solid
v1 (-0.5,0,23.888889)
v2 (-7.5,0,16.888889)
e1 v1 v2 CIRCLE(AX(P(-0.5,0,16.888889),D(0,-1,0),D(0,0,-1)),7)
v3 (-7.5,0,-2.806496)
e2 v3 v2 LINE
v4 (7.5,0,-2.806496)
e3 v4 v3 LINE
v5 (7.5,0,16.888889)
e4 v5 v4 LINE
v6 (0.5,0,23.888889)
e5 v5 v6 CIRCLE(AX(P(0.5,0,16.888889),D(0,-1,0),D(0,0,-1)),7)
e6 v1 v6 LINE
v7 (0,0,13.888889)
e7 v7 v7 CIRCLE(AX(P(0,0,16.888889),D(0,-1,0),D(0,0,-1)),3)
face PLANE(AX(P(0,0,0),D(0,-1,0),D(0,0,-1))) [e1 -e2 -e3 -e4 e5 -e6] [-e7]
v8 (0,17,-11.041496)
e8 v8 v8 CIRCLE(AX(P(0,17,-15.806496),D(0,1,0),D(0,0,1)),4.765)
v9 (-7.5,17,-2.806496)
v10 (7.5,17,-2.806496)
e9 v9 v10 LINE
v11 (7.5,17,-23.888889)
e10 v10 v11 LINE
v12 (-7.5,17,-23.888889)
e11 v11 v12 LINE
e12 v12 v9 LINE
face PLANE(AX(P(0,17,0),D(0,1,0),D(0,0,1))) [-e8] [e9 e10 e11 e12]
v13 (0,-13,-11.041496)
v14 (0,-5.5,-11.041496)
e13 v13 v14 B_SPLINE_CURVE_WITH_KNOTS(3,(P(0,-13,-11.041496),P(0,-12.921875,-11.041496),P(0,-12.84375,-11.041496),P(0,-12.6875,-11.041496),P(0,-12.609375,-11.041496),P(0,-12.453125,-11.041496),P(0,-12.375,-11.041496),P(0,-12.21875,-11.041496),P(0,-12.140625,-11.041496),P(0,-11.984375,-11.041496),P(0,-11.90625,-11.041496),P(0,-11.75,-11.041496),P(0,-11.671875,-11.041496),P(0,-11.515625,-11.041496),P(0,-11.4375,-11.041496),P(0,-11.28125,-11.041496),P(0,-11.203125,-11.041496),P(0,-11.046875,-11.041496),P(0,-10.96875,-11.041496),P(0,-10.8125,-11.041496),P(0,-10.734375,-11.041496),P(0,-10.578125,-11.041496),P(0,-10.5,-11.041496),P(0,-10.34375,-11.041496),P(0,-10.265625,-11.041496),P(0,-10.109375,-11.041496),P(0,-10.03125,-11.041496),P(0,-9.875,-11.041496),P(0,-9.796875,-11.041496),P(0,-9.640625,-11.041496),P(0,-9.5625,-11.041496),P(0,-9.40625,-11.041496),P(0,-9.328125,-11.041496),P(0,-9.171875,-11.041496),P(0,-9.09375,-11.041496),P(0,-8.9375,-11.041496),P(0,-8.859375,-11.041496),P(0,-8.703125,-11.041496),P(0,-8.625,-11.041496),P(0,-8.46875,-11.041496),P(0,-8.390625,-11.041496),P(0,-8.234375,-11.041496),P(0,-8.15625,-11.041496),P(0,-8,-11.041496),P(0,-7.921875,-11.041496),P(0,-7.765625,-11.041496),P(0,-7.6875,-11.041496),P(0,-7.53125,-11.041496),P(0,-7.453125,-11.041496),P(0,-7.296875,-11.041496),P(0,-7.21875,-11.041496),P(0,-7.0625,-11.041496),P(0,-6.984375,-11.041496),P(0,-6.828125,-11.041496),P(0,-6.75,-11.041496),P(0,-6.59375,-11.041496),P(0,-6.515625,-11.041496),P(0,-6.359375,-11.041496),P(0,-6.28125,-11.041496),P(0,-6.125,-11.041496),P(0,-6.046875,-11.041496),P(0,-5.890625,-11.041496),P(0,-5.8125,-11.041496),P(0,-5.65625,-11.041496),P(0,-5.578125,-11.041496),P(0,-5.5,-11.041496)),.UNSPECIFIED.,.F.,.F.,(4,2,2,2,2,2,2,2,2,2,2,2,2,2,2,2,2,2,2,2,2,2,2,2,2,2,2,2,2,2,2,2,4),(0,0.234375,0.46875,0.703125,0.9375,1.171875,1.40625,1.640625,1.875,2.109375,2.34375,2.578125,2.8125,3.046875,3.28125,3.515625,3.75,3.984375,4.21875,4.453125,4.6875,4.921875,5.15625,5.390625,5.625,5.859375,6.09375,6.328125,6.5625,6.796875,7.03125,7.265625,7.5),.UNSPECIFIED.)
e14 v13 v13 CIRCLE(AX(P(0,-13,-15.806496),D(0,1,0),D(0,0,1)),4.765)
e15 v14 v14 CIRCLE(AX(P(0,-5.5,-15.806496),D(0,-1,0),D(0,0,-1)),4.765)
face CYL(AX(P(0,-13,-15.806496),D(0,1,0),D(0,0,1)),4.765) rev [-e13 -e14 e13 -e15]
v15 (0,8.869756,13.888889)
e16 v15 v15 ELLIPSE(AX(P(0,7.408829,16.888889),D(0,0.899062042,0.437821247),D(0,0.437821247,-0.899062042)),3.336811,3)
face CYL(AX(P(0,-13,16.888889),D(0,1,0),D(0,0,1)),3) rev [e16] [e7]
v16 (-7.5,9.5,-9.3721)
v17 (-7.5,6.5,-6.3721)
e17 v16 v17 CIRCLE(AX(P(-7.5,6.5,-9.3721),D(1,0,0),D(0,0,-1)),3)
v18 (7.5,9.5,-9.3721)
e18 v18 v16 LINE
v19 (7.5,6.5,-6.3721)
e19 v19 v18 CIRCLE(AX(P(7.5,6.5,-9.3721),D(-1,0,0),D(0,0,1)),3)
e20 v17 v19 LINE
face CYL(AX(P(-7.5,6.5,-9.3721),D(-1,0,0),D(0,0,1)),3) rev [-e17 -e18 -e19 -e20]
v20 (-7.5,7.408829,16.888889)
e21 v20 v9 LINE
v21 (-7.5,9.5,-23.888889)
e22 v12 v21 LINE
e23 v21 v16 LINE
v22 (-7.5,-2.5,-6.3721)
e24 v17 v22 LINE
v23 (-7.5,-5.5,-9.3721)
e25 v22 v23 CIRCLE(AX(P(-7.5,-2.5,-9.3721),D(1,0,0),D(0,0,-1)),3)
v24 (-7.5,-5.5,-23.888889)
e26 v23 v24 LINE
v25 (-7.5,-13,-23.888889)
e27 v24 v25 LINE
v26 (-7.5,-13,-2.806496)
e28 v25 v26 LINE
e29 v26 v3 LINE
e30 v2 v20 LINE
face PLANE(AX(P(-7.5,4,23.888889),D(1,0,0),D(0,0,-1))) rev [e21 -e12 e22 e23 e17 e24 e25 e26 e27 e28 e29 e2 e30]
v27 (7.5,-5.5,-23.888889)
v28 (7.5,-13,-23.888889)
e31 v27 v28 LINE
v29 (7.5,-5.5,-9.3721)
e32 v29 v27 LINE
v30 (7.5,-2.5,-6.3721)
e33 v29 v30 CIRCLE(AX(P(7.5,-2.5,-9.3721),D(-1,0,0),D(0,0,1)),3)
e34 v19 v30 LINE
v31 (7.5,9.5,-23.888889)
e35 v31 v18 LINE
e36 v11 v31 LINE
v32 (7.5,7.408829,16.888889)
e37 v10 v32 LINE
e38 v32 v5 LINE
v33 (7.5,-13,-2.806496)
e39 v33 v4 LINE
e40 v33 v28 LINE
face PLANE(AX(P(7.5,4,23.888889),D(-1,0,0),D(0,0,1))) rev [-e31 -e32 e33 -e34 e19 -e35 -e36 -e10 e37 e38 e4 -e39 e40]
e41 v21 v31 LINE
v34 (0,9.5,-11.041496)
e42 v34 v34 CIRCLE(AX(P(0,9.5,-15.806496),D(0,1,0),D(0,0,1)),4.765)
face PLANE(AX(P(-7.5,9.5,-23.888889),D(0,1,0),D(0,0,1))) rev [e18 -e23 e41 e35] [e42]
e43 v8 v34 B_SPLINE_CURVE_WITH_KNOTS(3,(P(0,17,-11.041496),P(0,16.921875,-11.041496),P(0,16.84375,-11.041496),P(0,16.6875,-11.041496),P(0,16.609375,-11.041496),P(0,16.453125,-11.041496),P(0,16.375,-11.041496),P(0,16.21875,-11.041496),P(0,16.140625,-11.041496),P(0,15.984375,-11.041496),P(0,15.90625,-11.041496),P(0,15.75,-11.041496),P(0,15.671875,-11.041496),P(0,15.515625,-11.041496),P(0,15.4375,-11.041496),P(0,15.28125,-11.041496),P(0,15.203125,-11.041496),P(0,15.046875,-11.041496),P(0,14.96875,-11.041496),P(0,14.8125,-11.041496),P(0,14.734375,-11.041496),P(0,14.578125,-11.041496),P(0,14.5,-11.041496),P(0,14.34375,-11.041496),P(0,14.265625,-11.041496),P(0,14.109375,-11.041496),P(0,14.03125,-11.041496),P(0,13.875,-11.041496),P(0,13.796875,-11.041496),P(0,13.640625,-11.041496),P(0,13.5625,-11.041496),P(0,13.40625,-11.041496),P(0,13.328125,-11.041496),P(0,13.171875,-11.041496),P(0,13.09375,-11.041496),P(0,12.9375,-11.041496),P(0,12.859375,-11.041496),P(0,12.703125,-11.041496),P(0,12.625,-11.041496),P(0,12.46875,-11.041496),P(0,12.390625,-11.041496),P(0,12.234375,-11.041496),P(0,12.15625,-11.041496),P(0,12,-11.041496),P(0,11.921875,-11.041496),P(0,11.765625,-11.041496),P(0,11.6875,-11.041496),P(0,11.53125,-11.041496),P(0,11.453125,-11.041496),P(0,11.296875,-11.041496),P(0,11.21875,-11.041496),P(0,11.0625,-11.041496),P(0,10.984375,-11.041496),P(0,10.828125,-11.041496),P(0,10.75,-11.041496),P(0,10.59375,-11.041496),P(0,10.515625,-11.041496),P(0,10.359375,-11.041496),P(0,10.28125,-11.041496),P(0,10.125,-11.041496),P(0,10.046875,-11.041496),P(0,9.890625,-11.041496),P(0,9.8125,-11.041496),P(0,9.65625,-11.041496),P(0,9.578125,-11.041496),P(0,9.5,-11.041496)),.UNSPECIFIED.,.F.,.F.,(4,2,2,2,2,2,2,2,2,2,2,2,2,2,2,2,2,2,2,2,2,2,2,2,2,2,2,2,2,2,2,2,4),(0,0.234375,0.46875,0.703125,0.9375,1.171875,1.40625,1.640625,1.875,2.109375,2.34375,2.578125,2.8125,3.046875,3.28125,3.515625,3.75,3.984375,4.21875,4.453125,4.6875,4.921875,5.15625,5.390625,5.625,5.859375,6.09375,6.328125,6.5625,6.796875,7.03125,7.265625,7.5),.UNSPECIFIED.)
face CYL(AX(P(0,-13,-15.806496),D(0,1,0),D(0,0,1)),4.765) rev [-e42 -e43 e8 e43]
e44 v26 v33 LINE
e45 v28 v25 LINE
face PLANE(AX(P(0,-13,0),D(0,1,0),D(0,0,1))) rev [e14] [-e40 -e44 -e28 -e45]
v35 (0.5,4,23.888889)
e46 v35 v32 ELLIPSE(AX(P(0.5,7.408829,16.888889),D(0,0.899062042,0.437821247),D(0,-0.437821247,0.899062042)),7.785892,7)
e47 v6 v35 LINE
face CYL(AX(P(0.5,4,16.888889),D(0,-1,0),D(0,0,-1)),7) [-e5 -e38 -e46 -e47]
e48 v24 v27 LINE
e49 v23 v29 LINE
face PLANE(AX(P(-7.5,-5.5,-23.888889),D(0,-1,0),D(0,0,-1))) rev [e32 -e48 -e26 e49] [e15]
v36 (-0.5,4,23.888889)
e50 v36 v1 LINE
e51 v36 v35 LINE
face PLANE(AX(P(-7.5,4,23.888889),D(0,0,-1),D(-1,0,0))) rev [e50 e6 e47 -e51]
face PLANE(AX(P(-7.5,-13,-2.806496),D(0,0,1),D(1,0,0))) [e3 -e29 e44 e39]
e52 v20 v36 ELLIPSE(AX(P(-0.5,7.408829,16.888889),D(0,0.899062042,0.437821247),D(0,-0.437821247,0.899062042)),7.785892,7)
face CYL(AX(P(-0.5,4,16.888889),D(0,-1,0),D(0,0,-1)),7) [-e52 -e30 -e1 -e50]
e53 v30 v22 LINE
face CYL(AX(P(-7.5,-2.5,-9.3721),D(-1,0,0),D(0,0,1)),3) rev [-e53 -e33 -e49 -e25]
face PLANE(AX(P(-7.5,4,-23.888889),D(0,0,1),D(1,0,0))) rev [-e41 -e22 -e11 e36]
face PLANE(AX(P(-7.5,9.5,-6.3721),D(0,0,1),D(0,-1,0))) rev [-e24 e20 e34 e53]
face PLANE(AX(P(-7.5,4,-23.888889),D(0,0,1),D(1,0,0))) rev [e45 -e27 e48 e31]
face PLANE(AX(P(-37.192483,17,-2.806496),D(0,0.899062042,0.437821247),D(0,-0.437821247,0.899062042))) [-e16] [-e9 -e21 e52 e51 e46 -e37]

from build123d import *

# Parameters (mm, degrees)
SKETCH1_W                = 15
SKETCH1_H                = 47.7777777
BOSS_EXTRUDE1_DEPTH      = 4
BOSS_EXTRUDE3_DEPTH      = 13
BOSS_EXTRUDE3_DEPTH_BACK = 17
SKETCH10_W               = 15
SKETCH10_H               = 21.082393169
SKETCH11_W               = 17.516789228
SKETCH11_H               = 15
CUT_EXTRUDE4_DEPTH       = 33.934465389
SKETCH12_R               = 4.765
CUT_EXTRUDE5_DEPTH       = 40.075939022
FILLET3_R                = 3
BOSS_EXTRUDE5_DEPTH      = 15
CUT_EXTRUDE7_DEPTH       = 31.264319098
CUT_EXTRUDE7_DEPTH_BACK  = 31.264319098
SKETCH3_R                = 3
FILLET4_R                = 7


with BuildPart() as part:
    # Sketch1 → Boss-Extrude1 (new body)
    with BuildSketch(Plane(origin=(0, 0, 0), x_dir=(1, 0, 0), z_dir=(0, 1, 0))):
        Rectangle(SKETCH1_W, SKETCH1_H)
    extrude(amount=BOSS_EXTRUDE1_DEPTH)

    # Sketch10 → Boss-Extrude3 (add, two sides: drawn at the far end of the back side and taken through both)
    with BuildSketch(Plane(origin=(0, 4, 0), x_dir=(1, 0, 0), z_dir=(0, 1, 0)).offset(-BOSS_EXTRUDE3_DEPTH_BACK)):
        with Locations((0, 13.347692266)):
            Rectangle(SKETCH10_W, SKETCH10_H)
    extrude(amount=BOSS_EXTRUDE3_DEPTH + BOSS_EXTRUDE3_DEPTH_BACK)

    # Sketch11 → Cut-Extrude4 (cut, through all)
    with BuildSketch(Plane(origin=(7.5, 0, 0), x_dir=(0, 0, -1), z_dir=(1, 0, 0))):
        with Locations((15.130494236, 2)):
            Rectangle(SKETCH11_W, SKETCH11_H)
    extrude(amount=-CUT_EXTRUDE4_DEPTH, mode=Mode.SUBTRACT)

    # Sketch12 → Cut-Extrude5 (cut, through all)
    with BuildSketch(Plane(origin=(0, 17, 0), x_dir=(1, 0, 0), z_dir=(0, 1, 0))):
        with Locations(Location((0, 15.806495681, 0), (0, 0, 270))):
            Circle(SKETCH12_R)
    extrude(amount=-CUT_EXTRUDE5_DEPTH, mode=Mode.SUBTRACT)

    # Fillet3
    fillet3_edges = [part.edges().sort_by_distance(p)[0] for p in [
        (0, -5.5, -6.372099622),
        (0, 9.5, -6.372099622),
    ]]
    fillet(fillet3_edges, radius=FILLET3_R)

    # Sketch14 → Boss-Extrude5 (add)
    with BuildSketch(Plane(origin=(7.5, 0, 0), x_dir=(0, 0, -1), z_dir=(1, 0, 0))):
        Polygon((2.806495681, 17), (-23.88888885, 4), (2.806495681, 4), align=None)
    extrude(amount=-BOSS_EXTRUDE5_DEPTH)

    # Sketch3 → Cut-Extrude7 (cut, two sides: drawn at the far end of the back side and taken through both)
    with BuildSketch(Plane(origin=(0, 4, 0), x_dir=(1, 0, 0), z_dir=(0, 1, 0)).offset(-CUT_EXTRUDE7_DEPTH_BACK)):
        with Locations(Location((0, -16.88888885, 0), (0, 0, 90))):
            Circle(SKETCH3_R)
    extrude(amount=CUT_EXTRUDE7_DEPTH + CUT_EXTRUDE7_DEPTH_BACK, mode=Mode.SUBTRACT)

    # Fillet4
    fillet4_edges = [part.edges().sort_by_distance(p)[0] for p in [
        (7.5, 2, 23.88888885),
        (-7.5, 2, 23.88888885),
    ]]
    fillet(fillet4_edges, radius=FILLET4_R)


solid = part.part
